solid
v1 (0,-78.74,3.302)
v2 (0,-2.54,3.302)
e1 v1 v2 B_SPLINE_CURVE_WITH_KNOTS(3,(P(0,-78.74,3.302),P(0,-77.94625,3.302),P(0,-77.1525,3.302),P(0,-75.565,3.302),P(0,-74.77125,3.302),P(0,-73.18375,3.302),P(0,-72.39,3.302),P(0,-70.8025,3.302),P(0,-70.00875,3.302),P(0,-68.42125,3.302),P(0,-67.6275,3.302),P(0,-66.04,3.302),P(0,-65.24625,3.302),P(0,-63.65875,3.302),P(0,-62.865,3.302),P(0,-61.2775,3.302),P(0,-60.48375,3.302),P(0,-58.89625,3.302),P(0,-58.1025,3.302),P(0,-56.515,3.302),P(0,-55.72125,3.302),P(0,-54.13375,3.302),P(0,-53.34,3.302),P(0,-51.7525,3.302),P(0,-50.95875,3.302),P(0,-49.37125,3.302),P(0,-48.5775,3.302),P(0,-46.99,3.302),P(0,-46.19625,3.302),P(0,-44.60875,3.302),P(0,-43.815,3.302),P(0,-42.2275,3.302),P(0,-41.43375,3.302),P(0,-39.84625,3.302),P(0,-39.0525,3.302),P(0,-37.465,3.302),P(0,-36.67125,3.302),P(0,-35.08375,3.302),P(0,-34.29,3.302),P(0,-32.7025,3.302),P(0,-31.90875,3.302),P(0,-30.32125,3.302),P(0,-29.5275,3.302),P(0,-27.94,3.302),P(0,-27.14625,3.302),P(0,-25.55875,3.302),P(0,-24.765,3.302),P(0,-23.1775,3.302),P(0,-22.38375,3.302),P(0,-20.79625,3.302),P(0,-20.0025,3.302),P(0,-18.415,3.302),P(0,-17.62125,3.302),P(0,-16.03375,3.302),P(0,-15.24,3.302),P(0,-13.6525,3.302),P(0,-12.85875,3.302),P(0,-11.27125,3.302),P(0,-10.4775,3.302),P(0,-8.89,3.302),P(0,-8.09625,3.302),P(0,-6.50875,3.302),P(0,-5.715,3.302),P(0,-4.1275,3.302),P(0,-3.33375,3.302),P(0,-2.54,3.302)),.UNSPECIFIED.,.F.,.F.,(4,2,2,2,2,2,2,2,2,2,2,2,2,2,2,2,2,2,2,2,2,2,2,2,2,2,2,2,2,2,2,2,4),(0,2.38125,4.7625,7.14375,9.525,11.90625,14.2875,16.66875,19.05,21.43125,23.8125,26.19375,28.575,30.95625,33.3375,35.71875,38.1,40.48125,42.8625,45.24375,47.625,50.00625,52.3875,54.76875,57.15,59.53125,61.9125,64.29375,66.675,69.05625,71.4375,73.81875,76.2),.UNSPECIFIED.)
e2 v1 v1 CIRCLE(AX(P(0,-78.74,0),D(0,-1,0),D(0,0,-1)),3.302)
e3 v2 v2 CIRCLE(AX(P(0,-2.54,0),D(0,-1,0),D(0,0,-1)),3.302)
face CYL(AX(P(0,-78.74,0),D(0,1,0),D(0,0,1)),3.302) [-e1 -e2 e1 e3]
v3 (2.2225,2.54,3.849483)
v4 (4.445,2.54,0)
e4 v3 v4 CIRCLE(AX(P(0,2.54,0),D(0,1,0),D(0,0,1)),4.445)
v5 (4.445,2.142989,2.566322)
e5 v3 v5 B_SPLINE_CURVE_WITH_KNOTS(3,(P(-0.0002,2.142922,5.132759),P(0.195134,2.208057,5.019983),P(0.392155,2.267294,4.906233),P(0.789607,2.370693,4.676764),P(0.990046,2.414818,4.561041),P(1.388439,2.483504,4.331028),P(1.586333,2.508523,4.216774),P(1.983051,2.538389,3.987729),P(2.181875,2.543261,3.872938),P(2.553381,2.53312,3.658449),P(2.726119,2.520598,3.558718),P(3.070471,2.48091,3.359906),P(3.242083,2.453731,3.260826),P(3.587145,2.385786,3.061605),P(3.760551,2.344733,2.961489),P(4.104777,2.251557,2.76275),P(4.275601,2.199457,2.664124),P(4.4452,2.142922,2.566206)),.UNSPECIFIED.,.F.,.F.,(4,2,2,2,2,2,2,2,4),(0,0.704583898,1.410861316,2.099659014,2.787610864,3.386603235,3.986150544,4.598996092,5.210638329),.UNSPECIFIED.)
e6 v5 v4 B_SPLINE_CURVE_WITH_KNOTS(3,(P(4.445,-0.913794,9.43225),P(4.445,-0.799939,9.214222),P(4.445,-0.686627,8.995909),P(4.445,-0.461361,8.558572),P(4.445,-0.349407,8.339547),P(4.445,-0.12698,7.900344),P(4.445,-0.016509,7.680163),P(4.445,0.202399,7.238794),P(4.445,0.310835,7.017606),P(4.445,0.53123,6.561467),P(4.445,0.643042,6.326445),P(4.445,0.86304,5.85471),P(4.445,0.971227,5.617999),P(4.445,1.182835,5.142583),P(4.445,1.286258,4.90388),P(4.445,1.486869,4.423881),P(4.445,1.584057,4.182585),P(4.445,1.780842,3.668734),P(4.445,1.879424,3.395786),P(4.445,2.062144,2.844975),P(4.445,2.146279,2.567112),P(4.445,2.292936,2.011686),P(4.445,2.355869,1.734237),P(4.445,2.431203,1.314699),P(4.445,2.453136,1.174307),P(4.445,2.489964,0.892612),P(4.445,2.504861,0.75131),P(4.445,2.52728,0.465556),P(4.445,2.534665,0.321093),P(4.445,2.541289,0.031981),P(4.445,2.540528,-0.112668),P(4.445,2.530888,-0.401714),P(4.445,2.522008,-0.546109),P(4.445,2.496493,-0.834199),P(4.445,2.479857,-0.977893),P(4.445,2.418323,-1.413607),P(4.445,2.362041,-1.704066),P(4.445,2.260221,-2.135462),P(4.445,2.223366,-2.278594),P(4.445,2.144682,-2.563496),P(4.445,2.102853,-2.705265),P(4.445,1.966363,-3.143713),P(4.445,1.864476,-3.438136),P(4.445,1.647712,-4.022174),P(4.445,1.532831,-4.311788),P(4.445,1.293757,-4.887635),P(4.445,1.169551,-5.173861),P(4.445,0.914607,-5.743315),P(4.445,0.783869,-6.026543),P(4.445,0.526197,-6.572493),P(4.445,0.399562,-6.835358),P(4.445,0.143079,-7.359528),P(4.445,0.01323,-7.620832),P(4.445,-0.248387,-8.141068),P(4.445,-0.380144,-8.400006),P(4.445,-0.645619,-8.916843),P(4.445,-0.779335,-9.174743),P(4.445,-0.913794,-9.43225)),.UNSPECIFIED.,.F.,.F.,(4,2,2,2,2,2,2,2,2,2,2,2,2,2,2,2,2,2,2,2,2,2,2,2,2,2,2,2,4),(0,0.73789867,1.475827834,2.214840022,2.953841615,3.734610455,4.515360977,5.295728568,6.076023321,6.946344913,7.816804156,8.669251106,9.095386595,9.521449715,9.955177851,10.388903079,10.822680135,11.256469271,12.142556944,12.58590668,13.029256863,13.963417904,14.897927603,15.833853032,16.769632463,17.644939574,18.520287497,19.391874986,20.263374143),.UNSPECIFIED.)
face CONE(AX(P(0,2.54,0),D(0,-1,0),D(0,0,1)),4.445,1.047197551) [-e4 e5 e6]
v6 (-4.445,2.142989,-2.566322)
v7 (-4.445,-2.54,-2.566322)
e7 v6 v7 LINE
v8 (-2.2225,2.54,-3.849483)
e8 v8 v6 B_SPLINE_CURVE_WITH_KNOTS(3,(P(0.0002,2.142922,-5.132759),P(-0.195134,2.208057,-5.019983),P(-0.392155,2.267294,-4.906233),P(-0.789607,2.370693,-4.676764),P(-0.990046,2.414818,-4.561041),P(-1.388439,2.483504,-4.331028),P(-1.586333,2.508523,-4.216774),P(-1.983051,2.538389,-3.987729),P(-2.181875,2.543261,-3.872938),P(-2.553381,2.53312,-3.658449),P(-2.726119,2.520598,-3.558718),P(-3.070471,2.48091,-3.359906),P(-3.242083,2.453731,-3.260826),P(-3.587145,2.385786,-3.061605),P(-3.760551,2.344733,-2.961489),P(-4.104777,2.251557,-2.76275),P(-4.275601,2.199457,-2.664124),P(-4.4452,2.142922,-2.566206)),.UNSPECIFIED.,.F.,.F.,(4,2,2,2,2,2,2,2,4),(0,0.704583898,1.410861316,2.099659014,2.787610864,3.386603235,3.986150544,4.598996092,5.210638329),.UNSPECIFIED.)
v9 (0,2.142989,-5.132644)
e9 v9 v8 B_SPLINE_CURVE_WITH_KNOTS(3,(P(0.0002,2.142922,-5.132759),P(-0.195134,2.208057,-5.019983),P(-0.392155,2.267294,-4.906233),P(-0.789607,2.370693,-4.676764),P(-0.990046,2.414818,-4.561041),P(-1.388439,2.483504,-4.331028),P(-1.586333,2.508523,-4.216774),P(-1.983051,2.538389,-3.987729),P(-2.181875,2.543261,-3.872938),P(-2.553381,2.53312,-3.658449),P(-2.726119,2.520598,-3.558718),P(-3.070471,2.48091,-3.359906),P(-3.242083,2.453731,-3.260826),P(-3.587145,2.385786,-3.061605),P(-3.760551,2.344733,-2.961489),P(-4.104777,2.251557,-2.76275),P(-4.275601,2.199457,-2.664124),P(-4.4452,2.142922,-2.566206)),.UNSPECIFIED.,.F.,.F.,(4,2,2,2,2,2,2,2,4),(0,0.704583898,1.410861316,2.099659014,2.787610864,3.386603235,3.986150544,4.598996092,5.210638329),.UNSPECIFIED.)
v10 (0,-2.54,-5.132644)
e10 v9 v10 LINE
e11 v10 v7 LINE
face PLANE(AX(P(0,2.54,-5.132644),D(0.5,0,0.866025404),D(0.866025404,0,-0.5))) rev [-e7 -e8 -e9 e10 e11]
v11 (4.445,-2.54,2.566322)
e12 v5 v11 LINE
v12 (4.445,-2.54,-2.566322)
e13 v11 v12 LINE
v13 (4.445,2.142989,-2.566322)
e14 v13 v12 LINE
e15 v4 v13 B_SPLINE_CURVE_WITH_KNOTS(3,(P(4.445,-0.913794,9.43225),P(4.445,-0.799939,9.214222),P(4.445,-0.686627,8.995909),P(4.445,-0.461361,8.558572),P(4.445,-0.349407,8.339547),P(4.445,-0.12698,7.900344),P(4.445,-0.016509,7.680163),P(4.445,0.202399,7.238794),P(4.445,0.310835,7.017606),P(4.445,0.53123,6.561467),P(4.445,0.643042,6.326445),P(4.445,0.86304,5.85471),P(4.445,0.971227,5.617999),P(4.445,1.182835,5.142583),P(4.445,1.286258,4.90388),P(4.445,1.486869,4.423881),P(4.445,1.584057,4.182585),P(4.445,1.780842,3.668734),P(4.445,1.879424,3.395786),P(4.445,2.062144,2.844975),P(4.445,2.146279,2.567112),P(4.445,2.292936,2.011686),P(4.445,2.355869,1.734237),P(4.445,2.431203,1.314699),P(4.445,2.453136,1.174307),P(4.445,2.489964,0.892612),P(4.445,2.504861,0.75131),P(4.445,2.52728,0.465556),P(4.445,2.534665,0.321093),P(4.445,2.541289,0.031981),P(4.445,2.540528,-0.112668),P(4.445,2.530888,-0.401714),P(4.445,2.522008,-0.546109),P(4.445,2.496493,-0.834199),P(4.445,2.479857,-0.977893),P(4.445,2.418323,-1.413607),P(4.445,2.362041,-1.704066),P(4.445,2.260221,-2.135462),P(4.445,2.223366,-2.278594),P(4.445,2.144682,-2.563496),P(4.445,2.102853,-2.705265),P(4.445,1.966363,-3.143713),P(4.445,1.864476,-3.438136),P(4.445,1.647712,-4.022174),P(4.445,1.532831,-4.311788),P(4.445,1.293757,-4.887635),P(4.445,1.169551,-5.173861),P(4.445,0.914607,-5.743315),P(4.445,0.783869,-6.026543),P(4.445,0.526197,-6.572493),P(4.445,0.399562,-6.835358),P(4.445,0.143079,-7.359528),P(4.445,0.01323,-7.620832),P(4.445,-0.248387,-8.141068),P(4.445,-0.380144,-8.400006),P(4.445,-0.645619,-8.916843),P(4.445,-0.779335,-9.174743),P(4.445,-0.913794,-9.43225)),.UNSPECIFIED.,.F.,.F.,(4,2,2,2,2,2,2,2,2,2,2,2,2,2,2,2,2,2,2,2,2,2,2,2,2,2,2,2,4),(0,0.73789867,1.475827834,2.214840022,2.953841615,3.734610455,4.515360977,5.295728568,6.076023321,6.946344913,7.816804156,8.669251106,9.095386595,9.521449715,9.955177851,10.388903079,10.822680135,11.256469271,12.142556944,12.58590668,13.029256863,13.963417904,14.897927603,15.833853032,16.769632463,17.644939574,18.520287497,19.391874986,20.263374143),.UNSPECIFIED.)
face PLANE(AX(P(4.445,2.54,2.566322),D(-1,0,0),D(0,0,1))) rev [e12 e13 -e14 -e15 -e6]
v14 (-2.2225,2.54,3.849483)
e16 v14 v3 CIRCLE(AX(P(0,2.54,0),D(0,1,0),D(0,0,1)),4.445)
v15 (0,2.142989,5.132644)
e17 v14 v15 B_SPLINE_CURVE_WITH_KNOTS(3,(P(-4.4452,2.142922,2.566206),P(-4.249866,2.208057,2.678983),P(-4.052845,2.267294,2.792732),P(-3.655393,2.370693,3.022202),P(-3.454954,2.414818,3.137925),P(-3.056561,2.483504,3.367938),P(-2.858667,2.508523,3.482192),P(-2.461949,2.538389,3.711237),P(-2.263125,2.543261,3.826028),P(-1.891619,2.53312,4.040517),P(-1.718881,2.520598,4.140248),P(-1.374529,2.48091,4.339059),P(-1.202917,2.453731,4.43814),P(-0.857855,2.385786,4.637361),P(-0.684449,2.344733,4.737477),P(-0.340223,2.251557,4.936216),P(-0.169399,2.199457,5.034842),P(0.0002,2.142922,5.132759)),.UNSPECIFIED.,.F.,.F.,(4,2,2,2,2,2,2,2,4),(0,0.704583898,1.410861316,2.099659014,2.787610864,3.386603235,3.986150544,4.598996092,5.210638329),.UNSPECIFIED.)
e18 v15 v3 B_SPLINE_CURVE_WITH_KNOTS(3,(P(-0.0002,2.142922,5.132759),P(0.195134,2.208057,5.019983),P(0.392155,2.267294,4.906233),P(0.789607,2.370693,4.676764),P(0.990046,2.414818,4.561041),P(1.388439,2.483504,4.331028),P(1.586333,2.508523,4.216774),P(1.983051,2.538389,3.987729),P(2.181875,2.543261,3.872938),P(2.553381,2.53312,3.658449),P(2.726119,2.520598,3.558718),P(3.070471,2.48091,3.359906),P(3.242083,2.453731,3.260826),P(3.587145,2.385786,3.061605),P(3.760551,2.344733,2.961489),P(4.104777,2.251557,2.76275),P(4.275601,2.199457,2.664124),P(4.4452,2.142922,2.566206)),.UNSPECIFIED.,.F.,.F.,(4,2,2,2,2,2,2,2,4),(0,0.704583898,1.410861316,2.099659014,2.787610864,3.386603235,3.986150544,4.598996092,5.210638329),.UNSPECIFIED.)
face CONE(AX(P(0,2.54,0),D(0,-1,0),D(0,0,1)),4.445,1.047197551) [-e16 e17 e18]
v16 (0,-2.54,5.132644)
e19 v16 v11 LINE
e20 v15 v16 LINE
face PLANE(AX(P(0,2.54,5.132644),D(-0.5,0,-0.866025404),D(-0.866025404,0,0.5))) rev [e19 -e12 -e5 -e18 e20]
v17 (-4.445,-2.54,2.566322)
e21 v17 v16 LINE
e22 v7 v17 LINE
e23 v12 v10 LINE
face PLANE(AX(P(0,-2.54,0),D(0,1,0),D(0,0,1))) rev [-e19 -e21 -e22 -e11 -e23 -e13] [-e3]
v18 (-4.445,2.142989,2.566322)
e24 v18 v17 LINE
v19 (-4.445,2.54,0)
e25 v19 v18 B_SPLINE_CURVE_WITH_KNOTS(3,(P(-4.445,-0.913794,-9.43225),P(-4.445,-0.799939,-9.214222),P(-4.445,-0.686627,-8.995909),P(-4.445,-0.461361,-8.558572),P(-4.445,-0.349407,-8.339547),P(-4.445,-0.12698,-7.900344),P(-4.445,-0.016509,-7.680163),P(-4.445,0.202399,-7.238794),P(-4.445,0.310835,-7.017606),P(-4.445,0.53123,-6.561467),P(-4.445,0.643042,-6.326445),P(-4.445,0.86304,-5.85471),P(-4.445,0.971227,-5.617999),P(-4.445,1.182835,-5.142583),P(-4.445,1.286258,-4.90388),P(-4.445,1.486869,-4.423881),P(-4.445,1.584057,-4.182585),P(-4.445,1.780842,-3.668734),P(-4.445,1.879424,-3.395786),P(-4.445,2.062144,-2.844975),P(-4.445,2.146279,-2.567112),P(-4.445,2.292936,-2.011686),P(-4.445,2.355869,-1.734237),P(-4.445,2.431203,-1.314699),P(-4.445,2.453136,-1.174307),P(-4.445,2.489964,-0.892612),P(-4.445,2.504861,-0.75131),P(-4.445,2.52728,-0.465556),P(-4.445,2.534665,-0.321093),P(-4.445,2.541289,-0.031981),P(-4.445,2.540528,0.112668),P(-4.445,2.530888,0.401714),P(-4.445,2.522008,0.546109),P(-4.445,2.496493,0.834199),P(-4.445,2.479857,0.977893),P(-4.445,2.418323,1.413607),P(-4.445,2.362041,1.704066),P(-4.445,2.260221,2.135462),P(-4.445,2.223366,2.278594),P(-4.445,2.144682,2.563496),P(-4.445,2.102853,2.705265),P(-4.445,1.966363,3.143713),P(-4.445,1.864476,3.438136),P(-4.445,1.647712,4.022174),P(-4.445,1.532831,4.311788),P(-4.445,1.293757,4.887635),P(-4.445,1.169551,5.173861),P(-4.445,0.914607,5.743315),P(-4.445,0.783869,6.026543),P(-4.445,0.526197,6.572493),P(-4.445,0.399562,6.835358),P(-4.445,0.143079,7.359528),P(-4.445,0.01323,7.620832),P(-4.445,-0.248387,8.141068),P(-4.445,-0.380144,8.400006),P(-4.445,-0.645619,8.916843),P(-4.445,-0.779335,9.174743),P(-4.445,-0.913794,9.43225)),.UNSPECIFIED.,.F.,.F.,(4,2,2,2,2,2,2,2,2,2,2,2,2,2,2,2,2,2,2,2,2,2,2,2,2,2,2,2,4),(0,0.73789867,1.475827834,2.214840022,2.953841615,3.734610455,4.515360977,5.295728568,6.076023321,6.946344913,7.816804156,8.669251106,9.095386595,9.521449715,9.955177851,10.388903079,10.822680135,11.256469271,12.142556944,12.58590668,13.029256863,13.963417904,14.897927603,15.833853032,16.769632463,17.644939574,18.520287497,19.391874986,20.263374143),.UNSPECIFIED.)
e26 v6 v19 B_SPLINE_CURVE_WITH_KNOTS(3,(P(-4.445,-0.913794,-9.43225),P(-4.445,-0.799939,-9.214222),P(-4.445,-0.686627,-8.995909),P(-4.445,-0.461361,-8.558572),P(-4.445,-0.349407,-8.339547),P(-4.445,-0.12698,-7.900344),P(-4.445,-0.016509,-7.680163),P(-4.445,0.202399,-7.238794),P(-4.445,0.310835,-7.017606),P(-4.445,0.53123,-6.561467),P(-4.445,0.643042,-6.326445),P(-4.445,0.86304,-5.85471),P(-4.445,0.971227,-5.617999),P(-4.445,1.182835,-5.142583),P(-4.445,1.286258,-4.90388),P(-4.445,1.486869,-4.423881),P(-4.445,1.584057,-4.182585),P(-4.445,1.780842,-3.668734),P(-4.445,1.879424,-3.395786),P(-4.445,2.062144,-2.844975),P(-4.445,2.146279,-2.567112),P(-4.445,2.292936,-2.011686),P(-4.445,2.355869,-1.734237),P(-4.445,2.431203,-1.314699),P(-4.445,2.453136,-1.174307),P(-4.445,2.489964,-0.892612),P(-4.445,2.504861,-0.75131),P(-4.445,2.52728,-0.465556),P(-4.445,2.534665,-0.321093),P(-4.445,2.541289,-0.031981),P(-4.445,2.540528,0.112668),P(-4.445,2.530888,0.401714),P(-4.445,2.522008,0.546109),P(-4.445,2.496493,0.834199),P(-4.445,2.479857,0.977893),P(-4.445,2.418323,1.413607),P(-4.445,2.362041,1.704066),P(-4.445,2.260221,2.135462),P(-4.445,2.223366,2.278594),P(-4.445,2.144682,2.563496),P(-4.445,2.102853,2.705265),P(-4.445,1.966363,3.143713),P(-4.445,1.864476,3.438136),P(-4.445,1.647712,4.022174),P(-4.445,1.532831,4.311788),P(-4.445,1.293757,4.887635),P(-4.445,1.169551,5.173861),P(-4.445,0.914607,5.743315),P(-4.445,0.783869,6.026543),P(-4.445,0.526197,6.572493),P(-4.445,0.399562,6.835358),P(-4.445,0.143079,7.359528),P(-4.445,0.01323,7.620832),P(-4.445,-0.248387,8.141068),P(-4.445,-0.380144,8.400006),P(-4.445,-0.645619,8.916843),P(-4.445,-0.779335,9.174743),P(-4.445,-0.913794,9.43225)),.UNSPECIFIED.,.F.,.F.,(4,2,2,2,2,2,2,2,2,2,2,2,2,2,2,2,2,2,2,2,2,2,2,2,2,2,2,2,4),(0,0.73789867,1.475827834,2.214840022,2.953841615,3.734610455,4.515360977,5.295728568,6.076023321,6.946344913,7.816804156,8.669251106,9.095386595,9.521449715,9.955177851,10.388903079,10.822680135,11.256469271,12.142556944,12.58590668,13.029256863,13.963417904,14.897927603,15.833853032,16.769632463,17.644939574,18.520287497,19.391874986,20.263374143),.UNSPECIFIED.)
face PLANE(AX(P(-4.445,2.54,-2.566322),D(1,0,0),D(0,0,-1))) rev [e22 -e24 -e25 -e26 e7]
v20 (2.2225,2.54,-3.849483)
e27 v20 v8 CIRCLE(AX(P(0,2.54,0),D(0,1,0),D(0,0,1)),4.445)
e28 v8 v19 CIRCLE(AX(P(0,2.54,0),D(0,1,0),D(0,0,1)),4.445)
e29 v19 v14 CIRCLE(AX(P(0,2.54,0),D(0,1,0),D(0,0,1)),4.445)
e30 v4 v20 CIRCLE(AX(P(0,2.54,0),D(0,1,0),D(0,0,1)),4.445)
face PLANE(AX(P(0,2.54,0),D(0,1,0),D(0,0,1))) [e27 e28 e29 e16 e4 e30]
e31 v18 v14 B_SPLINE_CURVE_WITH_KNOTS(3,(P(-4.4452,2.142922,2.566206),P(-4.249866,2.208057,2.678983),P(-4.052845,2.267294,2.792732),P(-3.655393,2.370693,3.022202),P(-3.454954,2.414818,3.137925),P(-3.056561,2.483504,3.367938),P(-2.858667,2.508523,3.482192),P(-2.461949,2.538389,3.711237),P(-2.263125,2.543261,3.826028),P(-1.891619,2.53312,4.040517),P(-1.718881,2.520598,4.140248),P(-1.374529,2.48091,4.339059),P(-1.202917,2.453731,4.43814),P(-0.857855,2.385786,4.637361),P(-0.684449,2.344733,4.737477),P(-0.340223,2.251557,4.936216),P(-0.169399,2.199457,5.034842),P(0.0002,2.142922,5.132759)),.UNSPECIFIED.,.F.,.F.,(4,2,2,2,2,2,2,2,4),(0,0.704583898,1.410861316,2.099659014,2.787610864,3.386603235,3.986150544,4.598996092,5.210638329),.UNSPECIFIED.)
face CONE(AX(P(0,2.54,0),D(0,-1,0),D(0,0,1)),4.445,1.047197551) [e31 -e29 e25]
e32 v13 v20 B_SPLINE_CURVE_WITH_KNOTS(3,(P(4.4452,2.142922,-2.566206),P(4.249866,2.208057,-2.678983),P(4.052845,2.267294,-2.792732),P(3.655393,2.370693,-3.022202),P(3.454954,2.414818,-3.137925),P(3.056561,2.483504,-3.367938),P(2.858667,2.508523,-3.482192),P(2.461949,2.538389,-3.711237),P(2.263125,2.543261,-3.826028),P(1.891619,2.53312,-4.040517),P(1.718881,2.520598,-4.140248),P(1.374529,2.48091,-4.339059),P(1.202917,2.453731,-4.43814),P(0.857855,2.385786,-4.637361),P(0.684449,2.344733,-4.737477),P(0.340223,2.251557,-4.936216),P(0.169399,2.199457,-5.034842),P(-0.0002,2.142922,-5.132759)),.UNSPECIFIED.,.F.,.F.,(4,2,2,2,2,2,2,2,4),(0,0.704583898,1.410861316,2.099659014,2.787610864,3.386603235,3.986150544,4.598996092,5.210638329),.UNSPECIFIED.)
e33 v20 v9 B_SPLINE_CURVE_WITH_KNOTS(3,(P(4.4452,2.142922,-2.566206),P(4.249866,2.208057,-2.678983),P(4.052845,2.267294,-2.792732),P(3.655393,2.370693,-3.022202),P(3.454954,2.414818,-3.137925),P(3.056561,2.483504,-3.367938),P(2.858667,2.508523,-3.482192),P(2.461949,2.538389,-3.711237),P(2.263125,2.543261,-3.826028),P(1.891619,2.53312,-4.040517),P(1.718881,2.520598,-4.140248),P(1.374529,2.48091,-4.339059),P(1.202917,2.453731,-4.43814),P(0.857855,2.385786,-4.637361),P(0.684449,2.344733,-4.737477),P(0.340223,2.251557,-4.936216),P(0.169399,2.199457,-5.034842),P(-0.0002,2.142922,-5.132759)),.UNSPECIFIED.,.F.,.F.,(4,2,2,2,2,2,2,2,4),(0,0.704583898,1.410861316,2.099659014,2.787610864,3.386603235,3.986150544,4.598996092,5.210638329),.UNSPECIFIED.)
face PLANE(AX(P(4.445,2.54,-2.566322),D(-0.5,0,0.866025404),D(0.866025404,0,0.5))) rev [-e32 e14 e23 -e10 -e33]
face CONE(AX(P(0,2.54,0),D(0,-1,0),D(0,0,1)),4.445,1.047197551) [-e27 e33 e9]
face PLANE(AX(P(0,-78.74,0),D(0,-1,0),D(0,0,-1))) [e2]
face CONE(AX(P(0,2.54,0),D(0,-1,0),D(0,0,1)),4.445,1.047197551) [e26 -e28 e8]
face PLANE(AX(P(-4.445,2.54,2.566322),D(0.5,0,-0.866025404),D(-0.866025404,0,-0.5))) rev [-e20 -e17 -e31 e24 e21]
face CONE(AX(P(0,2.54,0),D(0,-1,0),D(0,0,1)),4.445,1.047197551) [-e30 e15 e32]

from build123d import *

# Parameters (mm, degrees)
BOSS_EXTRUDE1_DEPTH = 2.54
SKETCH2_OUTSIDE_W   = 31.388
SKETCH2_OUTSIDE_H   = 32.764
SKETCH2_OUTSIDE_R   = 4.445
CUT_EXTRUDE1_DEPTH  = 5.08
CUT_EXTRUDE1_DRAFT  = -60
SKETCH3_R           = 3.302
BOSS_EXTRUDE2_DEPTH = 76.2


with BuildPart() as part:
    # Sketch1 → Boss-Extrude1 (new, symmetric)
    with BuildSketch(Plane(origin=(0, 0, 0), x_dir=(1, 0, 0), z_dir=(0, 1, 0))):
        Polygon((0, 5.132643893), (-4.445, 2.566321947), (-4.445, -2.566321947), (0, -5.132643893), (4.445, -2.566321947), (4.445, 2.566321947), align=None)
    extrude(amount=BOSS_EXTRUDE1_DEPTH, both=True)


with BuildPart() as cut_extrude1_tool:
    # Sketch2 outside → Cut-Extrude1 (with draft: the straight prism first)
    with BuildSketch(Plane(origin=(0, 2.54, 0), x_dir=(1, 0, 0), z_dir=(0, 1, 0))):
        Rectangle(SKETCH2_OUTSIDE_W, SKETCH2_OUTSIDE_H)
        Circle(SKETCH2_OUTSIDE_R, mode=Mode.SUBTRACT)
    extrude(amount=-CUT_EXTRUDE1_DEPTH)
    # Cut-Extrude1: the draft: its side faces are tilted about the plane it starts from
    cut_extrude1_sides = [cut_extrude1_tool.faces().sort_by_distance(p)[0] for p in [
        (0, 0, 16.382),
        (15.694, 0, 0),
        (0, 0, -16.382),
        (-15.694, 0, 0),
        (-4.445, 0, 0),
    ]]
    draft(cut_extrude1_sides, Plane(origin=(0, 2.54, 0), x_dir=(1, 0, 0), z_dir=(0, 1, 0)), CUT_EXTRUDE1_DRAFT)


with BuildPart() as part_1:
    add(part.part)

    # Cut-Extrude1: cut by cut_extrude1_tool
    add(cut_extrude1_tool.part, mode=Mode.SUBTRACT)

    # Sketch3 → Boss-Extrude2 (add)
    with BuildSketch(Plane(origin=(0, -2.54, 0), x_dir=(-1, 0, 0), z_dir=(0, -1, 0))):
        with Locations(Location((0, 0, 0), (0, 0, 270))):
            Circle(SKETCH3_R)
    extrude(amount=BOSS_EXTRUDE2_DEPTH)


solid = part_1.part
